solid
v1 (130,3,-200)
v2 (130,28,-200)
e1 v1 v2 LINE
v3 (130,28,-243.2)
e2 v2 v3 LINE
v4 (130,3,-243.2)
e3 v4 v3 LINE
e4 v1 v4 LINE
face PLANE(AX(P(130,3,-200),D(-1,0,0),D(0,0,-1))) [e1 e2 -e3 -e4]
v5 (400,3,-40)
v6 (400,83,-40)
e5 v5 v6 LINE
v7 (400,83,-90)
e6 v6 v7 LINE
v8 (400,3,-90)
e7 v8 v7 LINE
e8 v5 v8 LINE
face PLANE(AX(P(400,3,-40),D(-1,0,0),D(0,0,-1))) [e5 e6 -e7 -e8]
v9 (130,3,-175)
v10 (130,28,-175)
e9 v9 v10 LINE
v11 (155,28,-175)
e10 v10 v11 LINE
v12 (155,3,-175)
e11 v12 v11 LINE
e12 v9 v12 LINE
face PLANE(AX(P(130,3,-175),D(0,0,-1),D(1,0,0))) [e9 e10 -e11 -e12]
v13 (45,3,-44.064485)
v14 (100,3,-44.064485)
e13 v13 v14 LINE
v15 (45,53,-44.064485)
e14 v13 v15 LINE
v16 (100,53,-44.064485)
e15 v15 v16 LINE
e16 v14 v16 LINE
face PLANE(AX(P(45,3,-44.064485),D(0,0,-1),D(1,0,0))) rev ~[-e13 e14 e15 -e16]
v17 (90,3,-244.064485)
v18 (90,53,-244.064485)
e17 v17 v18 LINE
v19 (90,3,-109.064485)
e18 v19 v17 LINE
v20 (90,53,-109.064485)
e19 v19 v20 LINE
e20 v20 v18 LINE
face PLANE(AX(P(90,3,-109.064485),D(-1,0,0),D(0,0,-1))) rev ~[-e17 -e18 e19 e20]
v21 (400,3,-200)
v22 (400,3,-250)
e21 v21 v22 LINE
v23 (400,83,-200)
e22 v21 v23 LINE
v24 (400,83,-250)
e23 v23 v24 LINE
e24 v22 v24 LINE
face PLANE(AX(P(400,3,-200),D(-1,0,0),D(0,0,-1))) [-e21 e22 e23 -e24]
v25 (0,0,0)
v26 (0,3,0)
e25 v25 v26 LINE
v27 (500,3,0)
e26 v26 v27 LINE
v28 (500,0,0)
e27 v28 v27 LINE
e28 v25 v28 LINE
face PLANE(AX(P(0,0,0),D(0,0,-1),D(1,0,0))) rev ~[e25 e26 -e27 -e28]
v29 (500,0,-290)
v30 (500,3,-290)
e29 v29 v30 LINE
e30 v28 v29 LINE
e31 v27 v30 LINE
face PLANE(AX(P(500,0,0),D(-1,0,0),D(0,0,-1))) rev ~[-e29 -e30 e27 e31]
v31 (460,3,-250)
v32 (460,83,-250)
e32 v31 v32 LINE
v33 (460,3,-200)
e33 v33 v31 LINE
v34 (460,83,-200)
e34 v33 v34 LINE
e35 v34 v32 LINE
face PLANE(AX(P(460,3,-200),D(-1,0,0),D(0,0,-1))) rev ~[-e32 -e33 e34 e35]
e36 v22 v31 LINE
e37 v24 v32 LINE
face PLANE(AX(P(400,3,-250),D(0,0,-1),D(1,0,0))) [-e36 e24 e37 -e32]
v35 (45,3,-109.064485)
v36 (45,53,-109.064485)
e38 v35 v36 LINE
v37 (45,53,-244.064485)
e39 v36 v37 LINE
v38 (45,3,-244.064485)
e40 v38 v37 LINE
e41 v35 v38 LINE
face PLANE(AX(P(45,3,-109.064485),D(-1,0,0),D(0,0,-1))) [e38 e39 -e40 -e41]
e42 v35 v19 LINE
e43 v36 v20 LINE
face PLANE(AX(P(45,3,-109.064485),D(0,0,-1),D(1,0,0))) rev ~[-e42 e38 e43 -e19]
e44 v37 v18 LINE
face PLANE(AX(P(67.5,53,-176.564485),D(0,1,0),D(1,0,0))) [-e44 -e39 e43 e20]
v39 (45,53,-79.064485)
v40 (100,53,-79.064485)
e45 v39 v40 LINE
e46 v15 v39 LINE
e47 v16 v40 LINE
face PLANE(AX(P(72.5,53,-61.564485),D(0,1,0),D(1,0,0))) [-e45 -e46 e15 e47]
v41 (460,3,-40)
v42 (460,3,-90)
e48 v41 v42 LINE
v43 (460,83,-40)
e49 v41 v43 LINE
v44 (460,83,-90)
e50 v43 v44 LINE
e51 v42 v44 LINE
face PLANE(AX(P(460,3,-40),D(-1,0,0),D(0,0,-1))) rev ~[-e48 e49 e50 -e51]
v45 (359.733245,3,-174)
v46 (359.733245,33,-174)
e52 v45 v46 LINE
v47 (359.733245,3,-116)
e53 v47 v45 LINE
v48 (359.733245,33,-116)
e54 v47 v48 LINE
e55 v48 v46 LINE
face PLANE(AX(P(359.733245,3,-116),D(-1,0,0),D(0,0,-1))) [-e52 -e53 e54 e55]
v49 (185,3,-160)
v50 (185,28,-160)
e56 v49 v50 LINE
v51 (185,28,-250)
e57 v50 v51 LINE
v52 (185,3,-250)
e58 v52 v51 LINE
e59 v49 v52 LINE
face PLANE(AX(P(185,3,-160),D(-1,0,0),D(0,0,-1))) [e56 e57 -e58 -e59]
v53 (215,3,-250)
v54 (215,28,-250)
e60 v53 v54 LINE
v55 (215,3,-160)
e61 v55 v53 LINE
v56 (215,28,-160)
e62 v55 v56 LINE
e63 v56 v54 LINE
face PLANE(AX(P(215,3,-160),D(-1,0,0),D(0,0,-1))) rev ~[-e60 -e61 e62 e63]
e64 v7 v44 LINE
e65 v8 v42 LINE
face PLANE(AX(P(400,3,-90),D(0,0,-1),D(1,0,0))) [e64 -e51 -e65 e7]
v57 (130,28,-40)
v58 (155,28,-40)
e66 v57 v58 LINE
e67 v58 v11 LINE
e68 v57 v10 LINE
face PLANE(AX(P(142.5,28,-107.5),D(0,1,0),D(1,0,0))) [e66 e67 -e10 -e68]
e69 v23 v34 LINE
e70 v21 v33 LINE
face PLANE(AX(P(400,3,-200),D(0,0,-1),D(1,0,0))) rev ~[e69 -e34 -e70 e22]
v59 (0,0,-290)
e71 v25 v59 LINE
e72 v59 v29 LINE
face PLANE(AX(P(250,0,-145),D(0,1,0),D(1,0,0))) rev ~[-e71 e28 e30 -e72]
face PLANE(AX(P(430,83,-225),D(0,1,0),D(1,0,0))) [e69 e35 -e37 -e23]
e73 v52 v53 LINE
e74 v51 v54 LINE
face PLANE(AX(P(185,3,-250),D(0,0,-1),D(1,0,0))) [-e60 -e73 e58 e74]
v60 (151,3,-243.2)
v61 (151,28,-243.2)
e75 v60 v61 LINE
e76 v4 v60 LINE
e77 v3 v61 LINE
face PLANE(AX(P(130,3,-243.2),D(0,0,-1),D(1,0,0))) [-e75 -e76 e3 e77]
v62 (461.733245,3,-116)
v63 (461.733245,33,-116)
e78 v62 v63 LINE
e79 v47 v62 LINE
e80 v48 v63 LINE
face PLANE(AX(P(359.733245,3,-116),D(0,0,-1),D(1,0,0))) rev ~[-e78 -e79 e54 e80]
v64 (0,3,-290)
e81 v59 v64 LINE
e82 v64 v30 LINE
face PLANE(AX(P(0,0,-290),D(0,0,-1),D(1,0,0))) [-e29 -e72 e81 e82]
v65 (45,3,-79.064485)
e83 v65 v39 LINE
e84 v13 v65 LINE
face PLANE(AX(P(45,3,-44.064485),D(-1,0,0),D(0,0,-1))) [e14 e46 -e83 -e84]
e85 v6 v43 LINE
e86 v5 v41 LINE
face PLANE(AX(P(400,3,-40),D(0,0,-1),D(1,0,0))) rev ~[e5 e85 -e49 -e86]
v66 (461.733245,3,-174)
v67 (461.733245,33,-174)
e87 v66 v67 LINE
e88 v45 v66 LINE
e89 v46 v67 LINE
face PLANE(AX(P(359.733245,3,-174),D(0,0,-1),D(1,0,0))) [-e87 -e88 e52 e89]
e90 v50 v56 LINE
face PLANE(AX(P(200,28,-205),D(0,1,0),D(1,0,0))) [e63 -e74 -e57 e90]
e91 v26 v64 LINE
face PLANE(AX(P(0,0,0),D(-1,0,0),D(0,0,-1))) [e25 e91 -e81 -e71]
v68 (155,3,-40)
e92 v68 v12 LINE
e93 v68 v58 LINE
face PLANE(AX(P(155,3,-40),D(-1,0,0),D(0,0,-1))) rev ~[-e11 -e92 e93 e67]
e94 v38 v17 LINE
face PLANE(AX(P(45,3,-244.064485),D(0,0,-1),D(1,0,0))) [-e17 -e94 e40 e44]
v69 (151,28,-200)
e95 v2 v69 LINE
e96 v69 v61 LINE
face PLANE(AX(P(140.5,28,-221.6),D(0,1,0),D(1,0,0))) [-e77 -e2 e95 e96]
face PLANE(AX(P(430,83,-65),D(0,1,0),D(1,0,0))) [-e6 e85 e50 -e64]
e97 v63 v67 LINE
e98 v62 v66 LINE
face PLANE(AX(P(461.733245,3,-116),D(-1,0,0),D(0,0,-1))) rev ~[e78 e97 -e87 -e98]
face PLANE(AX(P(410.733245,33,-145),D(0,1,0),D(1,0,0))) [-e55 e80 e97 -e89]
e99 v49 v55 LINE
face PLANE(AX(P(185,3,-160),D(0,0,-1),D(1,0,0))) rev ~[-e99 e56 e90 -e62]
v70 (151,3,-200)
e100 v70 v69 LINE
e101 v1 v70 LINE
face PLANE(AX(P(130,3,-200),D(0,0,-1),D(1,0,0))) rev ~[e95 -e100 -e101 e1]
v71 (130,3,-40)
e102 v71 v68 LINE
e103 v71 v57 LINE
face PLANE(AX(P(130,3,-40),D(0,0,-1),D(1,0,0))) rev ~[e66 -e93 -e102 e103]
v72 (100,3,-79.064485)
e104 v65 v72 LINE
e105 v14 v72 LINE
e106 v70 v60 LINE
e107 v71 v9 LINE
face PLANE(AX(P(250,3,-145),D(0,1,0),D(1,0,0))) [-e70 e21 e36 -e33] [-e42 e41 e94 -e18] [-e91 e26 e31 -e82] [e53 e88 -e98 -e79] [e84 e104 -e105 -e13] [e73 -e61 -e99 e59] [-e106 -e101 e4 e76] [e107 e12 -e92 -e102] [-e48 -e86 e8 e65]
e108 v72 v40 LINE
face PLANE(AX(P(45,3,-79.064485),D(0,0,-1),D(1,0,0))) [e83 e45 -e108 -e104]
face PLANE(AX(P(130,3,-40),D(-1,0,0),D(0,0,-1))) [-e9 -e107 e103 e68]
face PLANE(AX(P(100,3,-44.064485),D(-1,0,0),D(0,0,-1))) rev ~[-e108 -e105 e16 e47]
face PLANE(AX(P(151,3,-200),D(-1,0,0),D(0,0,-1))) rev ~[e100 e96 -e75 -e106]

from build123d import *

# Parameters (mm, degrees)
SKETCH1_W           = 500
SKETCH1_H           = 290
BOSS_EXTRUDE1_DEPTH = 3
SKETCH3_W           = 60
SKETCH3_H           = 50
BOSS_EXTRUDE2_DEPTH = 80
SKETCH4_W           = 102
SKETCH4_H           = 58
BOSS_EXTRUDE3_DEPTH = 30
SKETCH5_W           = 30
SKETCH5_H           = 90
SKETCH5_W_2         = 21
SKETCH5_H_2         = 43.2
SKETCH5_W_3         = 25
SKETCH5_H_3         = 135
BOSS_EXTRUDE4_DEPTH = 25
SKETCH6_W           = 55
SKETCH6_H           = 35
SKETCH6_W_2         = 45
SKETCH6_H_2         = 135
BOSS_EXTRUDE5_DEPTH = 50


with BuildPart() as part:
    # Sketch1 → Boss-Extrude1 (new body)
    with BuildSketch(Plane(origin=(0, 0, 0), x_dir=(1, 0, 0), z_dir=(0, 1, 0))):
        with Locations((250, 145)):
            Rectangle(SKETCH1_W, SKETCH1_H)
    extrude(amount=BOSS_EXTRUDE1_DEPTH)

    # Sketch3 → Boss-Extrude2 (add)
    with BuildSketch(Plane(origin=(0, 3, 0), x_dir=(1, 0, 0), z_dir=(0, 1, 0))):
        with Locations((430, 225)):
            Rectangle(SKETCH3_W, SKETCH3_H)
        with Locations((430, 65)):
            Rectangle(SKETCH3_W, SKETCH3_H)
    extrude(amount=BOSS_EXTRUDE2_DEPTH)

    # Sketch4 → Boss-Extrude3 (add)
    with BuildSketch(Plane(origin=(0, 3, 0), x_dir=(1, 0, 0), z_dir=(0, 1, 0))):
        with Locations((410.73324546, 145)):
            Rectangle(SKETCH4_W, SKETCH4_H)
    extrude(amount=BOSS_EXTRUDE3_DEPTH)

    # Sketch5 → Boss-Extrude4 (add)
    with BuildSketch(Plane(origin=(0, 3, 0), x_dir=(1, 0, 0), z_dir=(0, 1, 0))):
        with Locations((200, 205)):
            Rectangle(SKETCH5_W, SKETCH5_H)
        with Locations((140.5, 221.6)):
            Rectangle(SKETCH5_W_2, SKETCH5_H_2)
        with Locations((142.5, 107.5)):
            Rectangle(SKETCH5_W_3, SKETCH5_H_3)
    extrude(amount=BOSS_EXTRUDE4_DEPTH)

    # Sketch6 → Boss-Extrude5 (add)
    with BuildSketch(Plane(origin=(0, 3, 0), x_dir=(1, 0, 0), z_dir=(0, 1, 0))):
        with Locations((72.5, 61.564484871)):
            Rectangle(SKETCH6_W, SKETCH6_H)
        with Locations((67.5, 176.564484871)):
            Rectangle(SKETCH6_W_2, SKETCH6_H_2)
    extrude(amount=BOSS_EXTRUDE5_DEPTH)


solid = part.part
